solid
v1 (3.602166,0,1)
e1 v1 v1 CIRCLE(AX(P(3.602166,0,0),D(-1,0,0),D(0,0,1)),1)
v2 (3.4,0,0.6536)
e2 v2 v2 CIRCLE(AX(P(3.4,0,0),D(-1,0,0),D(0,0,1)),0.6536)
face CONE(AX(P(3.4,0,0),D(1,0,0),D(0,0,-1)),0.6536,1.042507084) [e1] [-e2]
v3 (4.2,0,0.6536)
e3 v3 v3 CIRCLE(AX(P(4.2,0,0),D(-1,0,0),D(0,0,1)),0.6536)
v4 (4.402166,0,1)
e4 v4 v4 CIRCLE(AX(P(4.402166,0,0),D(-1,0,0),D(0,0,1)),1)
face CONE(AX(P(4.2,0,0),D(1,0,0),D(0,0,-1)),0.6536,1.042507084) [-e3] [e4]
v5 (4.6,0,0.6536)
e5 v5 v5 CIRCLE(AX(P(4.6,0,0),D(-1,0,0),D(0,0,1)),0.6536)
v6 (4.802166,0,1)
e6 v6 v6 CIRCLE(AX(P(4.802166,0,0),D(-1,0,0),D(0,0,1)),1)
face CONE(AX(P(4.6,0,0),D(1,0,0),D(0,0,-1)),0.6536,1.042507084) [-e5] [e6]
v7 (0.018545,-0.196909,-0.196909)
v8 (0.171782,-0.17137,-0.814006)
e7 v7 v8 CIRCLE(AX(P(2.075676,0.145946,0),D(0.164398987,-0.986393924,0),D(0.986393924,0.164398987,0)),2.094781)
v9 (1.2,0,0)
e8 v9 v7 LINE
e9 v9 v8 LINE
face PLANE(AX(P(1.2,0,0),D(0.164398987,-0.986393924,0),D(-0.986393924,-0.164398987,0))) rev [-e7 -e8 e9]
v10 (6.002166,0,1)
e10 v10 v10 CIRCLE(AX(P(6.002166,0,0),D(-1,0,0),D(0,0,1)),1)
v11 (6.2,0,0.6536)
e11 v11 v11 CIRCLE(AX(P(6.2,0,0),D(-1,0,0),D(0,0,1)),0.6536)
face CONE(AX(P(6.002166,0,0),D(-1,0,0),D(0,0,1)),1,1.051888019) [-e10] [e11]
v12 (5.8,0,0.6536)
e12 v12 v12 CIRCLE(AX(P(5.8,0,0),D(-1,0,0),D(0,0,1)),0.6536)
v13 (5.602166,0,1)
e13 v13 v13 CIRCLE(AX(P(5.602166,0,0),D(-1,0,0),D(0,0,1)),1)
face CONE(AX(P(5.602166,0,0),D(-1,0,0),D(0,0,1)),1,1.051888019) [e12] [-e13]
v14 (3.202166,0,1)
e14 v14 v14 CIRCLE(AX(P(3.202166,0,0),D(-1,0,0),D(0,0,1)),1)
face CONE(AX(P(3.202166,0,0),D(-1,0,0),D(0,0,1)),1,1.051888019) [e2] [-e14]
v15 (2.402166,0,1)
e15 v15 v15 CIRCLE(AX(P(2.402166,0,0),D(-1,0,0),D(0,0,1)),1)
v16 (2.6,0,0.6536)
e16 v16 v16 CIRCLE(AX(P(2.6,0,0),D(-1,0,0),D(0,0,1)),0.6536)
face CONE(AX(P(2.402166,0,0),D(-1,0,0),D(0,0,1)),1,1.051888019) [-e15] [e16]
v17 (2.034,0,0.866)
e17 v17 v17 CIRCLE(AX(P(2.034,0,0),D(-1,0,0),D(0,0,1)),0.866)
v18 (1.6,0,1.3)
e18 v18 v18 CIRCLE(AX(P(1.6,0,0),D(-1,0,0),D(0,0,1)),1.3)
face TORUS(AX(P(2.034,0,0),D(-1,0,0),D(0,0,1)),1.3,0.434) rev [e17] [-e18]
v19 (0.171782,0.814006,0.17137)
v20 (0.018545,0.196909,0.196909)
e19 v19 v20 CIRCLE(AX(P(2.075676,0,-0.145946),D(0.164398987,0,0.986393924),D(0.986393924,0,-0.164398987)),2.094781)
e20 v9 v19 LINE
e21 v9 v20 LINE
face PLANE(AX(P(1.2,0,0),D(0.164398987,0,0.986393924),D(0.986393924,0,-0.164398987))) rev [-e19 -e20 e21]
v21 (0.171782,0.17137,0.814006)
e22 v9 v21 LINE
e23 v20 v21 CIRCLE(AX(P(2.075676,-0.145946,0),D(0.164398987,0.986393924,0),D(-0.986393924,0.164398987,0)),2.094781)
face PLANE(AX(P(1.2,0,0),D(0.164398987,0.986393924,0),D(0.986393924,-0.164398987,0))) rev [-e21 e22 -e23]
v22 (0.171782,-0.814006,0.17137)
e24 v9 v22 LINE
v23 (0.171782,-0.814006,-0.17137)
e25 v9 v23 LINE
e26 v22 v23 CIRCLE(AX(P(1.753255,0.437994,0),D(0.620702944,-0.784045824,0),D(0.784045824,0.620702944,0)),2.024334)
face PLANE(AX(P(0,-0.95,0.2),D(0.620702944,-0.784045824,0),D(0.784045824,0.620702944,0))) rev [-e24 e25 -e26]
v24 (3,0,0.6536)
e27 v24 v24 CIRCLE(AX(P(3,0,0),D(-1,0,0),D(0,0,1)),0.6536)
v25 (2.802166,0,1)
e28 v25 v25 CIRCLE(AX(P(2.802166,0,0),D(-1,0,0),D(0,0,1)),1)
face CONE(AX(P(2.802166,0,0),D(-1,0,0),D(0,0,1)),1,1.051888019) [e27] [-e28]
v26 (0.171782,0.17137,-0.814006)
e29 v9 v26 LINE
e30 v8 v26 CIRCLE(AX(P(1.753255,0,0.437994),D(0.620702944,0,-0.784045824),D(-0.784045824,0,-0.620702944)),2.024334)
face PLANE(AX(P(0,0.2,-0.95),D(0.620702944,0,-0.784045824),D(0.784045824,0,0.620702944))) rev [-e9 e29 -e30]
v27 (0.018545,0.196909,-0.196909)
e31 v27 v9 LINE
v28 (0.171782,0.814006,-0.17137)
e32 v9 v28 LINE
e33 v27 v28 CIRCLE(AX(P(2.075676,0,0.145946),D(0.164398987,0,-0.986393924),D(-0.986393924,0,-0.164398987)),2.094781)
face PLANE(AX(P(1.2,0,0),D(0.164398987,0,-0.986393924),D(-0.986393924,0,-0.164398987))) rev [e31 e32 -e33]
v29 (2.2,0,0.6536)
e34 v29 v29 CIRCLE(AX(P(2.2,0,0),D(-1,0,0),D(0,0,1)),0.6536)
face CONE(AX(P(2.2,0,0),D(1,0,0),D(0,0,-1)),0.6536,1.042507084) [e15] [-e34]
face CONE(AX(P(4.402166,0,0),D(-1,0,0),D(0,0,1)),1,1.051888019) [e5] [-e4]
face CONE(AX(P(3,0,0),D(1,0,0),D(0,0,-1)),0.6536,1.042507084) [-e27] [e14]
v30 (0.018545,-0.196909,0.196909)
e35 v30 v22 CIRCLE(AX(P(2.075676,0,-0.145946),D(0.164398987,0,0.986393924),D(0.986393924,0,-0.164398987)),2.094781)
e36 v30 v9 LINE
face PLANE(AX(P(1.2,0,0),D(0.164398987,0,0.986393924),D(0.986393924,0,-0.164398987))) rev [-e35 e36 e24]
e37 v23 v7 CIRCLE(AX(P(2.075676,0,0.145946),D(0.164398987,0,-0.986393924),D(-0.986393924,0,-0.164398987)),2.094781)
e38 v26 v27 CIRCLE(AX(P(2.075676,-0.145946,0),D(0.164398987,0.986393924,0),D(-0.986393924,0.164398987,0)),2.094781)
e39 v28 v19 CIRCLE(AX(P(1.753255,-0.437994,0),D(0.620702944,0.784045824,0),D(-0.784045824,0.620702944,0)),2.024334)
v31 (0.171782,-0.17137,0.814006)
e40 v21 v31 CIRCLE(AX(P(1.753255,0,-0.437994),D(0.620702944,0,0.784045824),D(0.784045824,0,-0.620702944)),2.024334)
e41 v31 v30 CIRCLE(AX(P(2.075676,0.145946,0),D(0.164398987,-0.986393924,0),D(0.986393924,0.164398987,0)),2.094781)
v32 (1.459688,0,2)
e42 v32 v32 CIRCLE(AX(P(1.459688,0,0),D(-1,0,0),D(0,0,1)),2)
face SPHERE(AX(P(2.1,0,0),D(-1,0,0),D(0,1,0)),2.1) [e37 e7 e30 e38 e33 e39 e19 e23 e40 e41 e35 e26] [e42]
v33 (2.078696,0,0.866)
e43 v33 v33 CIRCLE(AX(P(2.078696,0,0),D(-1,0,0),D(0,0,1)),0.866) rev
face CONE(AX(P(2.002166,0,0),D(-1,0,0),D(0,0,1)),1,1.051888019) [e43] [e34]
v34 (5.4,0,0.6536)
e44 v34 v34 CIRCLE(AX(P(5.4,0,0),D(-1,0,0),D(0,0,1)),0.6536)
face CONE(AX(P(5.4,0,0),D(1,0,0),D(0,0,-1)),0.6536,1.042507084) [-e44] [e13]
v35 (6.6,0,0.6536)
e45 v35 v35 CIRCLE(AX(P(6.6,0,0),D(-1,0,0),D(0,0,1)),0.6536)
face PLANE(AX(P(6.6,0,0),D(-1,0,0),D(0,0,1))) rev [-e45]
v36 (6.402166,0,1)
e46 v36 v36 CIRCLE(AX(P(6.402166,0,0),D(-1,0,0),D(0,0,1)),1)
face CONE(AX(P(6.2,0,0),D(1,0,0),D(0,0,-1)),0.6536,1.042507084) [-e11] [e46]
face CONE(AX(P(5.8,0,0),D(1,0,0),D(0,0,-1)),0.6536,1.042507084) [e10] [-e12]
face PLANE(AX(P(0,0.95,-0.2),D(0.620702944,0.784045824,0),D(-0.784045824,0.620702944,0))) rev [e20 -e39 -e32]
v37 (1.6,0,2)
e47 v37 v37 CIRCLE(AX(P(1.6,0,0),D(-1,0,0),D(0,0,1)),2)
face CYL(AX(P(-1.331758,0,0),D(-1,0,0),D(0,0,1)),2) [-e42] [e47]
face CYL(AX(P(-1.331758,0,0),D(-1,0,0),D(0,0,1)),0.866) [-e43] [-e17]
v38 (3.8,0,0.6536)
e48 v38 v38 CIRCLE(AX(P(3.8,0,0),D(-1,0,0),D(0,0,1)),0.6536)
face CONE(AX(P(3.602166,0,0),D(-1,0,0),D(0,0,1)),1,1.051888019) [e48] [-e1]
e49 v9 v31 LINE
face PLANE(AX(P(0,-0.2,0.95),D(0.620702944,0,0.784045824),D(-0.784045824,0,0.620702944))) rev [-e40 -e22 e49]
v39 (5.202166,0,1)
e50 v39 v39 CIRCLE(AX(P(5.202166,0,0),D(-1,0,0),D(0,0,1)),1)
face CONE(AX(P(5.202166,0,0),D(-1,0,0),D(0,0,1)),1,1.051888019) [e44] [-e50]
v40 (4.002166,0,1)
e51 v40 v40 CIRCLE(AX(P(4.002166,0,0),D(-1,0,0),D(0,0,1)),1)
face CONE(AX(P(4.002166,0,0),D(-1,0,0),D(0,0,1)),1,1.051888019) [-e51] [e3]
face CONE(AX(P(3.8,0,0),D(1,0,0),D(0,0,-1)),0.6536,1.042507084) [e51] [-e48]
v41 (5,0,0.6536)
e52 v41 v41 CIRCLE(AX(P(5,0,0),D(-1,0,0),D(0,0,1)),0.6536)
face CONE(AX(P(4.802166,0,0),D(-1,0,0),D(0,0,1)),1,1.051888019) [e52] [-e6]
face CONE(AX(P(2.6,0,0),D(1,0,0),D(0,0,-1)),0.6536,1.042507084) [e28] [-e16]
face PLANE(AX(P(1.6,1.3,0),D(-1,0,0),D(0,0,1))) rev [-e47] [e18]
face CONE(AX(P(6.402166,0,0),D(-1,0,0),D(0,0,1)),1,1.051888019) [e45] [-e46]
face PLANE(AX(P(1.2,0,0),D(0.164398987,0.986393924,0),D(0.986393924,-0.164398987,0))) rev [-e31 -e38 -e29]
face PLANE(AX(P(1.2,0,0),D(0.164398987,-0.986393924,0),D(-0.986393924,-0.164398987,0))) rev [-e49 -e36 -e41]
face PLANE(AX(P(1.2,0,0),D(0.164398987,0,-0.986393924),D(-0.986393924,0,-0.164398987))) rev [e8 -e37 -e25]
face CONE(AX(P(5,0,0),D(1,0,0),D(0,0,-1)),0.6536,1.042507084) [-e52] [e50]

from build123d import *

# Parameters (mm, degrees)
PATTERN_LINEAR_1_COUNT = 12
PATTERN_LINEAR_1_PITCH = 0.4


with BuildPart() as part:
    # 草图2 → Revolve 808 (revolve)
    with BuildSketch(Plane.XY, mode=Mode.PRIVATE) as revolve_808_sk:
        with BuildLine():
            Line((0, 0), (6.6, 0))
            Line((6.6, 0), (6.6, 1))
            Line((6.6, 1), (2.4, 1))
            Line((2.4, 1), (2.266, 0.866))
            Line((2.266, 0.866), (2.034, 0.866))
            ThreePointArc((2.034, 0.866), (1.727115657, 0.993115657), (1.6, 1.3))
            Line((1.6, 1.3), (1.6, 2))
            Line((1.6, 2), (1.459687576, 2))
            ThreePointArc((1.459687576, 2), (0.40373114, 1.23801129), (0, 0))
        make_face()
    revolve(revolve_808_sk.sketch.rotate(Axis((-1.331757704, 0, 0), (1, 0, 0)), 90), axis=Axis((-1.331757704, 0, 0), (1, 0, 0)))

    # 草图3 → 切除-旋转1 (revolve, cut)
    with BuildSketch(Plane.XY, mode=Mode.PRIVATE) as cut_revolve_1_sk:
        Polygon((6.402166402, 1), (6.802166402, 1), (6.6, 0.6536), align=None)
    cut_revolve_1 = revolve(cut_revolve_1_sk.sketch.rotate(Axis((-0.242766179, 0, 0), (1, 0, 0)), 90), axis=Axis((-0.242766179, 0, 0), (1, 0, 0)), mode=Mode.SUBTRACT)

    # 阵列(线性)1: 切除-旋转1 ×12
    with Locations(*[(-i * PATTERN_LINEAR_1_PITCH, 0, 0) for i in range(1, PATTERN_LINEAR_1_COUNT)]):
        add(cut_revolve_1, mode=Mode.SUBTRACT)

    # 草图5 → 切除-放样1 section 0
    with BuildSketch(Plane(origin=(0, 0, 0), x_dir=(0, 0, -1), z_dir=(1, 0, 0)), mode=Mode.PRIVATE) as loft_1_s0:
        with BuildLine():
            Line((0.2, 0.95), (-0.2, 0.95))
            Line((-0.2, 0.95), (-0.2, -0.95))
            Line((-0.2, -0.95), (0.2, -0.95))
            Line((0.2, -0.95), (0.2, 0.95))
        make_face()
    loft_1 = loft([Vertex(1.2, 0, 0), loft_1_s0.sketch], mode=Mode.SUBTRACT)

    # 镜向1: 切除-放样1 across plane
    add(loft_1.mirror(Plane(origin=(0, 0, 0), x_dir=(0, 0.7071067811865462, 0.7071067811865488), z_dir=(0, -0.7071067811865488, 0.7071067811865462))), mode=Mode.SUBTRACT)


solid = part.part
